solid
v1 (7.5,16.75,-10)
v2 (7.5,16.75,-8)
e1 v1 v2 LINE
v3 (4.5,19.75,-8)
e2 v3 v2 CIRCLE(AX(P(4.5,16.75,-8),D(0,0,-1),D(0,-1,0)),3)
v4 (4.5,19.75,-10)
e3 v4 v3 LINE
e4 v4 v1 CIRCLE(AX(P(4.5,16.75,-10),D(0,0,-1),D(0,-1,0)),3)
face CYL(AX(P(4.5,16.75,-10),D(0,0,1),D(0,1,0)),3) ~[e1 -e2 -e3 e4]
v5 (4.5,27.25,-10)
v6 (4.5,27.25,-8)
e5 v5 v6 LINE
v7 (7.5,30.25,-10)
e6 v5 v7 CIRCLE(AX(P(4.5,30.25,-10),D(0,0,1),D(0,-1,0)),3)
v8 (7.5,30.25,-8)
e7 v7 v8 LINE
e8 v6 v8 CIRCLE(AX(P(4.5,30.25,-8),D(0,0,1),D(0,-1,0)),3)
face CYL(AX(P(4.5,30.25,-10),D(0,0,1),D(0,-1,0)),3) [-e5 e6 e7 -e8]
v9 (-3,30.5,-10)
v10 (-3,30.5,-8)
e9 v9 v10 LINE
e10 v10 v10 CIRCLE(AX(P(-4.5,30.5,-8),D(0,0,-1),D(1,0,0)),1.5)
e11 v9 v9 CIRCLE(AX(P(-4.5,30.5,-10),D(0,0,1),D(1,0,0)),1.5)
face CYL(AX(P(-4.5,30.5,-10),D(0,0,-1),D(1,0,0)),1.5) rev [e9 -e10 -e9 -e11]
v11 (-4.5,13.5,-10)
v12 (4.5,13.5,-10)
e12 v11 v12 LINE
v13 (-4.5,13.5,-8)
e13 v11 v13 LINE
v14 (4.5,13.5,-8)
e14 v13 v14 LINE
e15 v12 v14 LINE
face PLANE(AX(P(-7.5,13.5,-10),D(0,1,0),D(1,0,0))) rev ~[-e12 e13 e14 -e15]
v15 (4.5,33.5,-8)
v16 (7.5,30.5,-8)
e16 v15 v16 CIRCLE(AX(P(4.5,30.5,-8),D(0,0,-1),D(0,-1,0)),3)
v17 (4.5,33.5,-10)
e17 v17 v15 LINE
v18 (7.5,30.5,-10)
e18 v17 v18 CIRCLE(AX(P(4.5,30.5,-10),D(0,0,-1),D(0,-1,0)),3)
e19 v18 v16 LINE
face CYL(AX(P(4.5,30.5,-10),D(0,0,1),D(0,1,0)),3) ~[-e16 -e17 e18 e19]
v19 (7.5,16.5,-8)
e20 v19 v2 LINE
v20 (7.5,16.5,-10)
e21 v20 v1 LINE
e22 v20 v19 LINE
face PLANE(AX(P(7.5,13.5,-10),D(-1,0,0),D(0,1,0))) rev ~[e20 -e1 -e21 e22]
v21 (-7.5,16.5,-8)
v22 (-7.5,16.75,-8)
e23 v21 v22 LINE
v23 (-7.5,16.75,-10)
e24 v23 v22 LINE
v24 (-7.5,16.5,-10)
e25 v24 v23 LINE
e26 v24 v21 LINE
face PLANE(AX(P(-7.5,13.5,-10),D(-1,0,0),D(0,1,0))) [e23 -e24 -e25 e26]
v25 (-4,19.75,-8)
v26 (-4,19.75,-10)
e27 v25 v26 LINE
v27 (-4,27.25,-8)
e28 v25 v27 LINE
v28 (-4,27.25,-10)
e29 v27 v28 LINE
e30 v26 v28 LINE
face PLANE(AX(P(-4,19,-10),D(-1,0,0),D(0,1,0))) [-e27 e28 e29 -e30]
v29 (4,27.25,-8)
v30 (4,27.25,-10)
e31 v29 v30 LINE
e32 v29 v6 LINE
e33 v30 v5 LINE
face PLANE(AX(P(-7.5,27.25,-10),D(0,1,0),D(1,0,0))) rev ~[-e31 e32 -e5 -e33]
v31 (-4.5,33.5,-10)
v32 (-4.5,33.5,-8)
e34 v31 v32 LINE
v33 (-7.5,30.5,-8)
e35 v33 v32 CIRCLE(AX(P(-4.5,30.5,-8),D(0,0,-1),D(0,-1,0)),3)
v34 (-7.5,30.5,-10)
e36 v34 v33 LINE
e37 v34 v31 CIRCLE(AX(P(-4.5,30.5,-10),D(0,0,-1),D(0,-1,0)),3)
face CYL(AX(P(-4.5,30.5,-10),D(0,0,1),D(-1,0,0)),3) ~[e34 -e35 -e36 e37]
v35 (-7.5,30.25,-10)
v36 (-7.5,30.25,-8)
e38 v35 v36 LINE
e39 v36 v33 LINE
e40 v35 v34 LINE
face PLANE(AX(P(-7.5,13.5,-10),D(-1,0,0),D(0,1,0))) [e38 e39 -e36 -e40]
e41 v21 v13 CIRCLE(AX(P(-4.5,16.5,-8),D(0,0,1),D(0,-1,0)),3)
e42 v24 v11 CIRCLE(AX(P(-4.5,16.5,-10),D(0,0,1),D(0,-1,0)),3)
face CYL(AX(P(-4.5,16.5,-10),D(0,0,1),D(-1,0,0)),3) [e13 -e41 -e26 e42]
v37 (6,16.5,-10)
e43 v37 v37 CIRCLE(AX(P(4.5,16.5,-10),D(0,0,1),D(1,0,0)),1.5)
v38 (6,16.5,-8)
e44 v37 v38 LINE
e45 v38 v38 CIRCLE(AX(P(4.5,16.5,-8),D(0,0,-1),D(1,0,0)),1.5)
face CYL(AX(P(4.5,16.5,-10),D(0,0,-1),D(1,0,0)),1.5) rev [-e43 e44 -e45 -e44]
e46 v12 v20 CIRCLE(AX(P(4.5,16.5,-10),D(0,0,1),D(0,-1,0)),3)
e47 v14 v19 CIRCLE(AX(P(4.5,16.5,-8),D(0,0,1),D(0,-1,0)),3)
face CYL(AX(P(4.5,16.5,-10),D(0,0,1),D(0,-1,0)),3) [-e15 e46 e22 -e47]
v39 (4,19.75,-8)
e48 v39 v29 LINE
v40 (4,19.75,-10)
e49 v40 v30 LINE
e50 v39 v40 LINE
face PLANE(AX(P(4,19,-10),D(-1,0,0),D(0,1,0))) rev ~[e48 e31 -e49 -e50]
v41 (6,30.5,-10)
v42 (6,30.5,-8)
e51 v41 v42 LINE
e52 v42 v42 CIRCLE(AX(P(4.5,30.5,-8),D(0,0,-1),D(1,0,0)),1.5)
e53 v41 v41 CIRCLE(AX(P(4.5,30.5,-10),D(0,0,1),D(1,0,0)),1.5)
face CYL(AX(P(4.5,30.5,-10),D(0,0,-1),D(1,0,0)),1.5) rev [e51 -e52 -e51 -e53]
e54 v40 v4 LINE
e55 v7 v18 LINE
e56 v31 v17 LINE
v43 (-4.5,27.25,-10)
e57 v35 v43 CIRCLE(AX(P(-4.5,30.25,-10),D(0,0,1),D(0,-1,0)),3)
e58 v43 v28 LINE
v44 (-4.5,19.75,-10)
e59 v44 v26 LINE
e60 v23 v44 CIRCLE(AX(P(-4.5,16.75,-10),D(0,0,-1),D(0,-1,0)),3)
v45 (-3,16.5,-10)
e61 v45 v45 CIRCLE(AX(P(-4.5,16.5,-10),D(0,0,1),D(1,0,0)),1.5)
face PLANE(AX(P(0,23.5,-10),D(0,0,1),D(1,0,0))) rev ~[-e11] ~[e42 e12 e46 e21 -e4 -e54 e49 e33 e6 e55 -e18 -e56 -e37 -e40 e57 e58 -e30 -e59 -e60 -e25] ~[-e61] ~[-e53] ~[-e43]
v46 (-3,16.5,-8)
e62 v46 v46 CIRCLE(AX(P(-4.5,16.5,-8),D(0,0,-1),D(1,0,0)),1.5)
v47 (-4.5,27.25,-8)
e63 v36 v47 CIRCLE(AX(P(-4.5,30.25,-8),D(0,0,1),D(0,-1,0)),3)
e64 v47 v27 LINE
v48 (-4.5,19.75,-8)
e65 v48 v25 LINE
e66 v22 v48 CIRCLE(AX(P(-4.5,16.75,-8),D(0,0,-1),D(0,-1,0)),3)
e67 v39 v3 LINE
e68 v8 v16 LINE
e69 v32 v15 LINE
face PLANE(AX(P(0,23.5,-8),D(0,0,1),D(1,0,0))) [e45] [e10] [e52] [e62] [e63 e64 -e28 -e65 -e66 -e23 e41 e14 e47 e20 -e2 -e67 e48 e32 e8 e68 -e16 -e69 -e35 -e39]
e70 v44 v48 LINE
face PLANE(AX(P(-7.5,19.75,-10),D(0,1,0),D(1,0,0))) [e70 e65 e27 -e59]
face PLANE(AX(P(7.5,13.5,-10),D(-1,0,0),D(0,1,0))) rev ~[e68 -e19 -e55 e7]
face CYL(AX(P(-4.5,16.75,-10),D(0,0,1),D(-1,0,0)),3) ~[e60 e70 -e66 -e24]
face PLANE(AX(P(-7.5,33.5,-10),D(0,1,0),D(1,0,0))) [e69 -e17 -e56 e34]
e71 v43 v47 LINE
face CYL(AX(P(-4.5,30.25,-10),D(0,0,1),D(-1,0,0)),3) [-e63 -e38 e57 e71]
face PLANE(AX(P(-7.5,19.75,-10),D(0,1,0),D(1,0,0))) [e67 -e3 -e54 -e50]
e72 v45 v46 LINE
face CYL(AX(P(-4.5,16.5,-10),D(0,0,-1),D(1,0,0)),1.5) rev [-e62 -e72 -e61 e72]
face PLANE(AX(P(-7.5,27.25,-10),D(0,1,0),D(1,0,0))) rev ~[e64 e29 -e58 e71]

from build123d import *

# Parameters (mm, degrees)
CYLINDER713_R     = 1.5
CYLINDER713_DEPTH = 14
CYLINDER710_R     = 1.5
CYLINDER710_DEPTH = 14
CYLINDER711_R     = 1.5
CYLINDER711_DEPTH = 14
CYLINDER712_R     = 1.5
CYLINDER712_DEPTH = 14
BOX045_W          = 15
BOX045_H          = 7.5
BOX045_DEPTH      = 2
BOX044_W          = 15
BOX044_H          = 20
BOX044_DEPTH      = 2
FILLET001008_R    = 3
BOX046_W          = 8
BOX046_H          = 9
BOX046_DEPTH      = 2


with BuildPart() as cylinder783:
    # Cylinder713 → Cylinder713 (new body)
    with BuildSketch(Plane(origin=(-4.5, -50.5, -7), x_dir=(1, 0, 0), z_dir=(0, 0, 1))):
        Circle(CYLINDER713_R)
    extrude(amount=CYLINDER713_DEPTH)


with BuildPart() as fusion001005002004004005002010_body:
    # Cylinder710 → Cylinder710 (new body)
    with BuildSketch(Plane(origin=(4.5, -50.5, -7), x_dir=(1, 0, 0), z_dir=(0, 0, 1))):
        Circle(CYLINDER710_R)
    extrude(amount=CYLINDER710_DEPTH)

    # Fusion001005002004004005002010002003003003017007024017: union Cylinder783
    add(cylinder783.part)


with BuildPart() as fusion001005002004004005002010_body_1:
    # Fusion001005002004004005002010002003003003017007024017 placement: moved
    add(fusion001005002004004005002010_body.part.moved(Location((0, 4, -3))))


with BuildPart() as cylinder781:
    # Cylinder711 → Cylinder711 (new body)
    with BuildSketch(Plane(origin=(-4.5, -50.5, -7), x_dir=(1, 0, 0), z_dir=(0, 0, 1))):
        Circle(CYLINDER711_R)
    extrude(amount=CYLINDER711_DEPTH)


with BuildPart() as fusion001005002004004005002010_body2:
    # Cylinder712 → Cylinder712 (new body)
    with BuildSketch(Plane(origin=(4.5, -50.5, -7), x_dir=(1, 0, 0), z_dir=(0, 0, 1))):
        Circle(CYLINDER712_R)
    extrude(amount=CYLINDER712_DEPTH)

    # Fusion001005002004004005002010002003003003017007024018: union Cylinder781
    add(cylinder781.part)


with BuildPart() as fusion001005002004004005002010_body2_1:
    # Fusion001005002004004005002010002003003003017007024018 placement: moved
    add(fusion001005002004004005002010_body2.part.moved(Location((0, 18, -3))))

    # Fusion001005002004004005002010002003003003017007024019: union Fusion001005002004004005002010 body
    add(fusion001005002004004005002010_body_1.part)


with BuildPart() as cube045:
    # Box045 → Box045 (new body)
    with BuildSketch(Plane(origin=(-7.5, -43.25, -11), x_dir=(1, 0, 0), z_dir=(0, 0, 1))):
        with Locations((7.5, 3.75)):
            Rectangle(BOX045_W, BOX045_H)
    extrude(amount=BOX045_DEPTH)


with BuildPart() as fillet001008:
    # Box044 → Box044 (new body)
    with BuildSketch(Plane(origin=(-7.5, -49.5, -11), x_dir=(1, 0, 0), z_dir=(0, 0, 1))):
        with Locations((7.5, 10)):
            Rectangle(BOX044_W, BOX044_H)
    extrude(amount=BOX044_DEPTH)

    # Cut012030: cut Cube045
    add(cube045.part, mode=Mode.SUBTRACT)

    # Fillet001008
    fillet001008_edges = [fillet001008.edges().sort_by_distance(p)[0] for p in [
        (-7.5, -43.25, -10),
        (-7.5, -49.5, -10),
        (7.5, -43.25, -10),
        (7.5, -49.5, -10),
        (-7.5, -29.5, -10),
        (-7.5, -35.75, -10),
        (7.5, -29.5, -10),
        (7.5, -35.75, -10),
    ]]
    fillet(fillet001008_edges, radius=FILLET001008_R)


with BuildPart() as axle_leafspring_lock_right:
    # Box046 → Box046 (new body)
    with BuildSketch(Plane(origin=(-4, -44, -11), x_dir=(1, 0, 0), z_dir=(0, 0, 1))):
        with Locations((4, 4.5)):
            Rectangle(BOX046_W, BOX046_H)
    extrude(amount=BOX046_DEPTH)

    # Fusion001005002004004005002010002003003003017007024016: union Fillet001008
    add(fillet001008.part)


with BuildPart() as axle_leafspring_lock_right_1:
    # Fusion001005002004004005002010002003003003017007024016 placement: moved
    add(axle_leafspring_lock_right.part.moved(Location((0, 0, 1))))

    # Cut012031: cut Fusion001005002004004005002010 body2
    add(fusion001005002004004005002010_body2_1.part, mode=Mode.SUBTRACT)


with BuildPart() as axle_leafspring_lock_right_2:
    # Cut012031 placement: moved
    add(axle_leafspring_lock_right_1.part.moved(Location((0, 63, 0))))


solid = axle_leafspring_lock_right_2.part
